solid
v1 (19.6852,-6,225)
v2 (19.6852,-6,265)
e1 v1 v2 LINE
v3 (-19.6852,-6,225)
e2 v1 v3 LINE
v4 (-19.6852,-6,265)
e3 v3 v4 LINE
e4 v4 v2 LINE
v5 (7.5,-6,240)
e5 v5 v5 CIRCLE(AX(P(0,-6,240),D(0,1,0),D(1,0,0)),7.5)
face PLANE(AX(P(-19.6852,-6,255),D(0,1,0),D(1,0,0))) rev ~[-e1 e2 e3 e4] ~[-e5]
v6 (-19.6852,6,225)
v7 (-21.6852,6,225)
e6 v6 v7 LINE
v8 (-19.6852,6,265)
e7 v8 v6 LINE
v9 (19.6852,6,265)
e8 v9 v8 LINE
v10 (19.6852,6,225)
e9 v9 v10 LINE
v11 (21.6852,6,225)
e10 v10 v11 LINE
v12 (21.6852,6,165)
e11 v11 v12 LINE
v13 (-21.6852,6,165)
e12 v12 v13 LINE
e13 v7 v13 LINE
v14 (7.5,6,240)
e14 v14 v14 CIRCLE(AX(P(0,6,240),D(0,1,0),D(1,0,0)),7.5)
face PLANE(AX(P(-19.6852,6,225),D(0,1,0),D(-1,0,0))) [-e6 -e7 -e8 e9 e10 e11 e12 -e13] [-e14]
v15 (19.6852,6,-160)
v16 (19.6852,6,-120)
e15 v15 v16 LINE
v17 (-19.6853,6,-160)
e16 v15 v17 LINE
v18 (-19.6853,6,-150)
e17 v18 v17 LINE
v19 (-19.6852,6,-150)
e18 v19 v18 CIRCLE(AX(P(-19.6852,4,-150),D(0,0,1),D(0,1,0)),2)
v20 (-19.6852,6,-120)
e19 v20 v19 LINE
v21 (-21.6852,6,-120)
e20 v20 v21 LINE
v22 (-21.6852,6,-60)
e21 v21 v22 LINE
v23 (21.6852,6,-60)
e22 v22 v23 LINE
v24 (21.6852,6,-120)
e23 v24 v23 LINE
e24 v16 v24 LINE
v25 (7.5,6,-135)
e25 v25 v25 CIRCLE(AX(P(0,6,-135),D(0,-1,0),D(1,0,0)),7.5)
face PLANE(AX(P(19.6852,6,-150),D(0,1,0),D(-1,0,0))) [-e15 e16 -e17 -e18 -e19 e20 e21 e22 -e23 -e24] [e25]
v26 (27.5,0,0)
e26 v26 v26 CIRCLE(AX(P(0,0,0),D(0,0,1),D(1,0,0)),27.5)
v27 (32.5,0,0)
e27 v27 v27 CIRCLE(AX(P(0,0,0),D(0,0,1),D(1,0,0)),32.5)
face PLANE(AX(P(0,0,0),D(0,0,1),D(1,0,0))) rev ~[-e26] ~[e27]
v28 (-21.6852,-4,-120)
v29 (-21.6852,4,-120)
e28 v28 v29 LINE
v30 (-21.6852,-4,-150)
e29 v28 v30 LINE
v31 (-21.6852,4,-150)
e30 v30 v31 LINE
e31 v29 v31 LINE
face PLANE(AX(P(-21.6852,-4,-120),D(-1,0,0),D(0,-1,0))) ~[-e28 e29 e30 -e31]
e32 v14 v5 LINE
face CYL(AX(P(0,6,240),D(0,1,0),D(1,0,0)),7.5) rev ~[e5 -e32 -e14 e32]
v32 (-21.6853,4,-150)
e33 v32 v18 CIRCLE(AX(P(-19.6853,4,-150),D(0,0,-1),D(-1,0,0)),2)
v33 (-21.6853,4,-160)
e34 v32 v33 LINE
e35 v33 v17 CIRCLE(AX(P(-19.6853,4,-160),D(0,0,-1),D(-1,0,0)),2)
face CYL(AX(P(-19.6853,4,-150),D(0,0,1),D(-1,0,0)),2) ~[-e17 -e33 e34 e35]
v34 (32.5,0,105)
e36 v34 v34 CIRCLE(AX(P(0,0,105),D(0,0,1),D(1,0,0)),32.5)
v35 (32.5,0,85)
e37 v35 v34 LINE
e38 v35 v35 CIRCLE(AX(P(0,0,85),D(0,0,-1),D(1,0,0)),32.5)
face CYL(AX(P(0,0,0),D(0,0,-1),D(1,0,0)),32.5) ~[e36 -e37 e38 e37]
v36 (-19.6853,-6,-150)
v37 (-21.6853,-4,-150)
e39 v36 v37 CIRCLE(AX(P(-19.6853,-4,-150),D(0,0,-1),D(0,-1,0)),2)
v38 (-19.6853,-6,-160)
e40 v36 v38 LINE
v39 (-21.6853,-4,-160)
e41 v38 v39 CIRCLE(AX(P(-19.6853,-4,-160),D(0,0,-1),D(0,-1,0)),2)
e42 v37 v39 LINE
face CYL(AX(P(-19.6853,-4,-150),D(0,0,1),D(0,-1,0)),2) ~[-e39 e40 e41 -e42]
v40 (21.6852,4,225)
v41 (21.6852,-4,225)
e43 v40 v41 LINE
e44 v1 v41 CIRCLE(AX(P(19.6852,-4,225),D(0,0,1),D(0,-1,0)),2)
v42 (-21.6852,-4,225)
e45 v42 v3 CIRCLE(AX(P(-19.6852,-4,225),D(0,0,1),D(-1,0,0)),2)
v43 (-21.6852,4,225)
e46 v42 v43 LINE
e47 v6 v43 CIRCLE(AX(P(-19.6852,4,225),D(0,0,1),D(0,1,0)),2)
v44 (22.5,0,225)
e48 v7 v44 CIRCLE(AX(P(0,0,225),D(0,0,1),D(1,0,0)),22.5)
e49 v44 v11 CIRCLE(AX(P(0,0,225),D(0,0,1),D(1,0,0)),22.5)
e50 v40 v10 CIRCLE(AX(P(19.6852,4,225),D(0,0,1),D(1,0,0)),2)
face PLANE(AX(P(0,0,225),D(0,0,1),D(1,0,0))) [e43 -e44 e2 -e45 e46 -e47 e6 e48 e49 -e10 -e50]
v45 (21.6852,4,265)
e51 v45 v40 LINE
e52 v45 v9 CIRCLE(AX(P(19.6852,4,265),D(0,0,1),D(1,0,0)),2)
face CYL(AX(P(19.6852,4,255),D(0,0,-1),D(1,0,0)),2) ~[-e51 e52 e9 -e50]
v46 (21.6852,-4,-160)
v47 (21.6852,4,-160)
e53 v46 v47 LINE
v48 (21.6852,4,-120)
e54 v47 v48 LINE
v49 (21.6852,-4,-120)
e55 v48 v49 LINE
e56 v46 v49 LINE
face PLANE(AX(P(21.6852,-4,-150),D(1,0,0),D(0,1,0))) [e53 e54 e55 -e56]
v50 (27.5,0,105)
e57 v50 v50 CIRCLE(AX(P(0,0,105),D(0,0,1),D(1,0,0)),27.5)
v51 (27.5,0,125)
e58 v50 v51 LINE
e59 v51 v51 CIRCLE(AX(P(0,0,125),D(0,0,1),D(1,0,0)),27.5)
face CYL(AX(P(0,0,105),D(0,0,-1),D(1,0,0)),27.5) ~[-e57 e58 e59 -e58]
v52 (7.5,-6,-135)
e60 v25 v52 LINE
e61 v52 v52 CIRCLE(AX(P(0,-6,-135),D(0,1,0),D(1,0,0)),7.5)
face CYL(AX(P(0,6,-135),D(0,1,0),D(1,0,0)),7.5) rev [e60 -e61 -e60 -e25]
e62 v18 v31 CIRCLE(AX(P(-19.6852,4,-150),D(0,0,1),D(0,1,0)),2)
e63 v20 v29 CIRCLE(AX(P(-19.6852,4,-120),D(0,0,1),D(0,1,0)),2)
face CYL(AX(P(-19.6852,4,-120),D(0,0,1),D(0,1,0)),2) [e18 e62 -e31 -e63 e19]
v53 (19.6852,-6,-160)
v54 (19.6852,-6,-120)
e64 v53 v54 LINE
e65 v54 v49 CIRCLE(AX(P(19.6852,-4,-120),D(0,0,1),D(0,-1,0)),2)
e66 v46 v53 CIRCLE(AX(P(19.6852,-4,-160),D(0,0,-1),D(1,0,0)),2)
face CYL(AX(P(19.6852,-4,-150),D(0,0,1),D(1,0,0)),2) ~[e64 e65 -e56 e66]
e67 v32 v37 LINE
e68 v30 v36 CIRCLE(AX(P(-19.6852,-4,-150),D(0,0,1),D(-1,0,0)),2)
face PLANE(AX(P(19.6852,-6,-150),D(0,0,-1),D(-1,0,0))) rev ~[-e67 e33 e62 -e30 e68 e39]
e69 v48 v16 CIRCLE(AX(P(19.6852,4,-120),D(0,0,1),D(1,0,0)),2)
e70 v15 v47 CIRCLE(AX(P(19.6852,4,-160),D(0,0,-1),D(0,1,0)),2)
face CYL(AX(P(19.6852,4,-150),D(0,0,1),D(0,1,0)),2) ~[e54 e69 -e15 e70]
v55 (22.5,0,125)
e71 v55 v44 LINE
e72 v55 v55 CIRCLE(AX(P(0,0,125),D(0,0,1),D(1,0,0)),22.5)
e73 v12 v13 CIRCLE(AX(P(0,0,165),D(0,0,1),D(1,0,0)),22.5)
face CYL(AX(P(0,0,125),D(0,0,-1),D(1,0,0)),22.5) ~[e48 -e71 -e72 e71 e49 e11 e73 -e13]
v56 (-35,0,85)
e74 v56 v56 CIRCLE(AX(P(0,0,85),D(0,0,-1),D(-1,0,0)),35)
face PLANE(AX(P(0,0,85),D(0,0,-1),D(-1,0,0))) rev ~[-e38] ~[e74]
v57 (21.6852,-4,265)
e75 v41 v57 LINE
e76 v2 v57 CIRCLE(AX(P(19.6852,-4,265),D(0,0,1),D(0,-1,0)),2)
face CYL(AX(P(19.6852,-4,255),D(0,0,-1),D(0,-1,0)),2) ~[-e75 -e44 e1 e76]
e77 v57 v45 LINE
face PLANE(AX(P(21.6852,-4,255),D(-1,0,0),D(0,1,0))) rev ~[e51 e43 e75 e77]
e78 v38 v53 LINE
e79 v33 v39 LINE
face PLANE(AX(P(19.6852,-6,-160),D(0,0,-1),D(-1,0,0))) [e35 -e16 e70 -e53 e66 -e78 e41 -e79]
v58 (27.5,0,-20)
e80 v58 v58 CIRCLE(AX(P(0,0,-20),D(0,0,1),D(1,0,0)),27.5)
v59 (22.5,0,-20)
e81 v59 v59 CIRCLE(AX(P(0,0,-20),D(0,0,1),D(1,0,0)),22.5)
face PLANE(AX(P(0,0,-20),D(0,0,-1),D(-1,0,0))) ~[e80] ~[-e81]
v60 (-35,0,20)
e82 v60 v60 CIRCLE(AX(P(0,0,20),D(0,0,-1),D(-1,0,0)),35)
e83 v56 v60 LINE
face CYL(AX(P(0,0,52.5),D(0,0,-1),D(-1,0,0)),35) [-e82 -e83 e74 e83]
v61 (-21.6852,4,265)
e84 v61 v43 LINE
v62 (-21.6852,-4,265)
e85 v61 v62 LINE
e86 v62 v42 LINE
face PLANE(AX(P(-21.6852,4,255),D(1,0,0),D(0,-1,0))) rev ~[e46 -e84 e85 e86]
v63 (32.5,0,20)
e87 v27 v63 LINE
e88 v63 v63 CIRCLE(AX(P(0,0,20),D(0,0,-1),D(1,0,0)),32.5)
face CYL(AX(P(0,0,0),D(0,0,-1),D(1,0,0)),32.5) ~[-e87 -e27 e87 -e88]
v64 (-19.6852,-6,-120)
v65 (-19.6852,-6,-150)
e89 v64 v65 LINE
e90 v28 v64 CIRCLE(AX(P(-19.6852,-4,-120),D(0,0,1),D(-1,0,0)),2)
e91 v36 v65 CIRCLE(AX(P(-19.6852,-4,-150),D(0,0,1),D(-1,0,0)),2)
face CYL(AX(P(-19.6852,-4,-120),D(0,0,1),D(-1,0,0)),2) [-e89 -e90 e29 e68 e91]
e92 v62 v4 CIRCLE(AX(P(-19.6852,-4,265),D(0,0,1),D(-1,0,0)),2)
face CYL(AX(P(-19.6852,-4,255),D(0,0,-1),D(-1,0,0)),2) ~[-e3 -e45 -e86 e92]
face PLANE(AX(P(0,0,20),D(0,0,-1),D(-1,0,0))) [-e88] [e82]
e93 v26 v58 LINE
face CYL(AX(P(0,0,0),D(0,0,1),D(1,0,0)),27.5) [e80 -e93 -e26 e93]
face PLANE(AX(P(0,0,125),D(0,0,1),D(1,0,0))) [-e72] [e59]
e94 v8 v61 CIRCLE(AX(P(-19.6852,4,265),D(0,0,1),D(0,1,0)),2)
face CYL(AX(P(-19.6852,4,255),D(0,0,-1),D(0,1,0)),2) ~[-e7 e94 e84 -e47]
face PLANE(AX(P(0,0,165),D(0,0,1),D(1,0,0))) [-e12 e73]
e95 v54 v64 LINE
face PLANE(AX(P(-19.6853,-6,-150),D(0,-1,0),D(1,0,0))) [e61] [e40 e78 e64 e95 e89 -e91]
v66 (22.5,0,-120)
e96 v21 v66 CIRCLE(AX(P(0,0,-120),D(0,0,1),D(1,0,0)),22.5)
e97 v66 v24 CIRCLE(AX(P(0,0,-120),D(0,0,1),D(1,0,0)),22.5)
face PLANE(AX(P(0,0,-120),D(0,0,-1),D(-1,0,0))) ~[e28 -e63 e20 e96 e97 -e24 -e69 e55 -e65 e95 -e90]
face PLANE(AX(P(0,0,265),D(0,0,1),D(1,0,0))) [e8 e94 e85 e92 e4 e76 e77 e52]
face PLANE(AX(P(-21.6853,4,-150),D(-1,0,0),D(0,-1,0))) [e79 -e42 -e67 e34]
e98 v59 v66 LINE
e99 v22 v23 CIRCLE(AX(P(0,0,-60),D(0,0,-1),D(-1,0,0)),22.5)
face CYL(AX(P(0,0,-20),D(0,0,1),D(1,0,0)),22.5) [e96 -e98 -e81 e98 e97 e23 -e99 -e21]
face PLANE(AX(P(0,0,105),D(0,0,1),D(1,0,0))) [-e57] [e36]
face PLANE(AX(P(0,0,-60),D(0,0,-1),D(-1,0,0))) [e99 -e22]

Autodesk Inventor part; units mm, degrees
ref_plane "YZ Plane" through (0, 0, 0) normal (1, 0, 0) x (0, 1, 0)
ref_plane "XZ Plane" through (0, 0, 0) normal (0, 1, 0) x (-1, 0, 0)
sketch "Sketch1" plane through (0, 0, 0) normal (0, 0, 1) x (1, 0, 0)
  circle A0 centre (0, 0) radius 32.5
  dimension "d0" = 65
extrude "Extrusion1" add sketch "Sketch1" along normal blind 105
sketch "Sketch2" plane through (0, 0, 105) normal (0, 0, 1) x (1, 0, 0)
  circle A0 centre (0, 0) radius 27.5
  dimension "d3" = 55
extrude "Extrusion2" add sketch "Sketch2" along normal blind 20
sketch "Sketch3" plane through (0, 0, 125) normal (0, 0, 1) x (1, 0, 0)
  circle A0 centre (0, 0) radius 22.5
  dimension "d6" = 45
extrude "Extrusion3" add sketch "Sketch3" along normal blind 100
ref_plane "Work Plane1" through (0, 0, 52.5) normal (0, 0, -1) x (-1, 0, 0)
mirror "Mirror1" about plane through (0, 0, 52.5) normal (0, 0, -1) of "Extrusion3", "Extrusion2"
sketch "Sketch7" plane through (0, 0, -120) normal (0, 0, -1) x (-1, 0, 0)
  point P0 (0, 0)
sketch "Sketch11" plane through (0, 0, 52.5) normal (0, 0, -1) x (-1, 0, 0)
  circle A0 centre (0, 0) radius 35
  dimension "d43" = 70
extrude "Extrusion9" add sketch "Sketch11" along normal mid plane 65
sketch "Sketch12" plane through (0, 0, 225) normal (0, 0, 1) x (1, 0, 0)
  circle A0 centre (0, 0) radius 22.5 projected
  line L0 (-19.6852, 6) -> (19.6852, 6)
  line L1 (21.6852, 4) -> (21.6852, -4)
  line L2 (19.6852, -6) -> (-19.6852, -6)
  line L3 (-21.6852, -4) -> (-21.6852, 4)
  arc A1 (-19.6852, 6) -> (-21.6852, 4) centre (-19.6852, 4) ccw
  arc A2 (-21.6852, -4) -> (-19.6852, -6) centre (-19.6852, -4) ccw
  arc A3 (19.6852, -6) -> (21.6852, -4) centre (19.6852, -4) ccw
  arc A4 (21.6852, 4) -> (19.6852, 6) centre (19.6852, 4) ccw
  point P0 (-21.6852, 6)
  point P1 (21.6852, 6)
  point P2 (21.6852, -6)
  point P3 (-21.6852, -6)
  dimension "d47" = 12
  dimension "d48" = 2
extrude "Extrusion10" add sketch "Sketch12" along normal blind 30 contours L0 A4 L1 A3 L2 A2 L3 A1
sketch "Sketch13" plane through (-19.6852, 6, 225) normal (0, 1, 0) x (1, 0, 0)
  circle A0 centre (19.6852, -15) radius 7.5
  line L0 (39.3705, -30) -> (0, -30) projected
  line L1 (39.3705, 0) -> (39.3705, -30) projected
  point P0 (19.6852, 225)
  dimension "d51" = 15
  dimension "d52" = 15
  dimension "d53" = 19.6852
extrude "Extrusion11" cut sketch "Sketch13" against normal through all
mirror "Mirror3" about plane through (0, 0, 52.5) normal (0, 0, -1) of "Extrusion10", "Extrusion11"
thread "Thread5" size "M55x4" class "6g" standard "ANSI Metric M Profile" full length
sketch "Sketch14" plane through (0, 0, 225) normal (0, 0, 1) x (1, 0, 0)
  arc A0 (-21.6852, -4) -> (-19.6852, -6) centre (-19.6852, -4) ccw projected
  line L0 (-21.6852, -4) -> (-21.6852, 4) projected
  arc A1 (-19.6852, 6) -> (-21.6852, 4) centre (-19.6852, 4) ccw projected
  line L1 (-19.6852, 6) -> (19.6852, 6) projected
  arc A2 (21.6852, 4) -> (19.6852, 6) centre (19.6852, 4) ccw projected
  line L2 (21.6852, 4) -> (21.6852, -4) projected
  arc A3 (19.6852, -6) -> (21.6852, -4) centre (19.6852, -4) ccw projected
  line L3 (19.6852, -6) -> (-19.6852, -6) projected
  circle A4 centre (0, 0) radius 22.5 projected
  line L4 (-19.6852, -6) -> (19.6852, -6) projected
  line L5 (-19.6852, -6) -> (-21.6852, -6)
  line L6 (19.6852, -6) -> (21.6852, -6)
extrude "Extrusion12" [suppressed]
sketch "Sketch15" plane through (0, 0, -120) normal (0, 0, -1) x (-1, 0, 0)
  arc A0 (19.6852, -6) -> (21.6852, -4) centre (19.6852, -4) ccw projected
  line L0 (19.6852, -6) -> (-19.6852, -6) projected
  arc A1 (-21.6852, -4) -> (-19.6852, -6) centre (-19.6852, -4) ccw projected
  line L1 (-21.6852, -4) -> (-21.6852, 4) projected
  arc A2 (-19.6852, 6) -> (-21.6852, 4) centre (-19.6852, 4) ccw projected
  line L2 (-19.6852, 6) -> (19.6852, 6) projected
  arc A3 (21.6852, 4) -> (19.6852, 6) centre (19.6852, 4) ccw projected
  line L3 (21.6852, 4) -> (21.6852, -4) projected
  circle A4 centre (0, 0) radius 22.5 projected
  line L4 (-19.6852, -6) -> (-21.6852, -6)
  line L5 (19.6852, -6) -> (21.6852, -6)
extrude "Extrusion13" [suppressed]
sketch "Sketch16" plane through (0, 0, 255) normal (0, 0, 1) x (1, 0, 0)
  line L0 (-19.6852, -6) -> (19.6852, -6) projected
  arc A0 (19.6852, -6) -> (21.6852, -4) centre (19.6852, -4) ccw projected
  line L1 (21.6852, -4) -> (21.6852, 4) projected
  arc A1 (21.6852, 4) -> (19.6852, 6) centre (19.6852, 4) ccw projected
  line L2 (19.6852, 6) -> (-19.6852, 6) projected
  arc A2 (-19.6852, 6) -> (-21.6852, 4) centre (-19.6852, 4) ccw projected
  line L3 (-21.6852, 4) -> (-21.6852, -4) projected
  arc A3 (-21.6852, -4) -> (-19.6852, -6) centre (-19.6852, -4) ccw projected
  point P0 (0, 0)
extrude "Extrusion14" add sketch "Sketch16" along normal blind 10
sketch "Sketch17" plane through (19.6852, -6, -150) normal (0, 0, -1) x (-1, 0, 0)
  line L0 (39.3705, 0) -> (0, 0) projected
  arc A0 (39.3705, 0) -> (41.3705, 2) centre (39.3705, 2) ccw projected
  line L1 (41.3705, 10) -> (41.3705, 2) projected
  arc A1 (41.3705, 10) -> (39.3705, 12) centre (39.3705, 10) ccw projected
  line L2 (0, 12) -> (39.3705, 12) projected
  arc A2 (0, 12) -> (-2, 10) centre (0, 10) ccw projected
  line L3 (-2, 2) -> (-2, 10) projected
  arc A3 (-2, 2) -> (0, 0) centre (0, 2) ccw projected
  point P0 (19.6852, 6)
extrude "Extrusion15" add sketch "Sketch17" along normal blind 10
sketch "Sketch18" plane through (0, 0, 225) normal (0, 0, 1) x (1, 0, 0)
  arc A0 (-21.6852, -4) -> (-19.6852, -6) centre (-19.6852, -4) ccw projected
  line L0 (-21.6852, -4) -> (-21.6852, 4) projected
  arc A1 (-19.6852, 6) -> (-21.6852, 4) centre (-19.6852, 4) ccw projected
  line L1 (-19.6852, 6) -> (19.6852, 6) projected
  arc A2 (21.6852, 4) -> (19.6852, 6) centre (19.6852, 4) ccw projected
  line L2 (21.6852, 4) -> (21.6852, -4) projected
  arc A3 (19.6852, -6) -> (21.6852, -4) centre (19.6852, -4) ccw projected
  line L3 (19.6852, -6) -> (-19.6852, -6) projected
  circle A4 centre (0, 0) radius 22.5 projected
  line L4 (-19.6852, 6) -> (-21.6852, 6)
  line L5 (19.6852, 6) -> (21.6852, 6)
extrude "Extrusion16" cut sketch "Sketch18" against normal blind 60 contours L4 A4 L5 L1
sketch "Sketch19" plane through (0, 0, -120) normal (0, 0, -1) x (-1, 0, 0)
  arc A0 (19.6852, -6) -> (21.6852, -4) centre (19.6852, -4) ccw projected
  line L0 (19.6852, -6) -> (-19.6852, -6) projected
  arc A1 (-21.6852, -4) -> (-19.6852, -6) centre (-19.6852, -4) ccw projected
  line L1 (-21.6852, -4) -> (-21.6852, 4) projected
  arc A2 (-19.6852, 6) -> (-21.6852, 4) centre (-19.6852, 4) ccw projected
  line L2 (-19.6852, 6) -> (19.6852, 6) projected
  arc A3 (21.6852, 4) -> (19.6852, 6) centre (19.6852, 4) ccw projected
  line L3 (21.6852, 4) -> (21.6852, -4) projected
  circle A4 centre (0, 0) radius 22.5 projected
  line L4 (-19.6852, 6) -> (-21.6852, 6)
  line L5 (19.6852, 6) -> (21.6852, 6)
extrude "Extrusion17" cut sketch "Sketch19" against normal blind 60 contours L2 L4 A4 L5
properties part number "Shaft" material "Steel"
